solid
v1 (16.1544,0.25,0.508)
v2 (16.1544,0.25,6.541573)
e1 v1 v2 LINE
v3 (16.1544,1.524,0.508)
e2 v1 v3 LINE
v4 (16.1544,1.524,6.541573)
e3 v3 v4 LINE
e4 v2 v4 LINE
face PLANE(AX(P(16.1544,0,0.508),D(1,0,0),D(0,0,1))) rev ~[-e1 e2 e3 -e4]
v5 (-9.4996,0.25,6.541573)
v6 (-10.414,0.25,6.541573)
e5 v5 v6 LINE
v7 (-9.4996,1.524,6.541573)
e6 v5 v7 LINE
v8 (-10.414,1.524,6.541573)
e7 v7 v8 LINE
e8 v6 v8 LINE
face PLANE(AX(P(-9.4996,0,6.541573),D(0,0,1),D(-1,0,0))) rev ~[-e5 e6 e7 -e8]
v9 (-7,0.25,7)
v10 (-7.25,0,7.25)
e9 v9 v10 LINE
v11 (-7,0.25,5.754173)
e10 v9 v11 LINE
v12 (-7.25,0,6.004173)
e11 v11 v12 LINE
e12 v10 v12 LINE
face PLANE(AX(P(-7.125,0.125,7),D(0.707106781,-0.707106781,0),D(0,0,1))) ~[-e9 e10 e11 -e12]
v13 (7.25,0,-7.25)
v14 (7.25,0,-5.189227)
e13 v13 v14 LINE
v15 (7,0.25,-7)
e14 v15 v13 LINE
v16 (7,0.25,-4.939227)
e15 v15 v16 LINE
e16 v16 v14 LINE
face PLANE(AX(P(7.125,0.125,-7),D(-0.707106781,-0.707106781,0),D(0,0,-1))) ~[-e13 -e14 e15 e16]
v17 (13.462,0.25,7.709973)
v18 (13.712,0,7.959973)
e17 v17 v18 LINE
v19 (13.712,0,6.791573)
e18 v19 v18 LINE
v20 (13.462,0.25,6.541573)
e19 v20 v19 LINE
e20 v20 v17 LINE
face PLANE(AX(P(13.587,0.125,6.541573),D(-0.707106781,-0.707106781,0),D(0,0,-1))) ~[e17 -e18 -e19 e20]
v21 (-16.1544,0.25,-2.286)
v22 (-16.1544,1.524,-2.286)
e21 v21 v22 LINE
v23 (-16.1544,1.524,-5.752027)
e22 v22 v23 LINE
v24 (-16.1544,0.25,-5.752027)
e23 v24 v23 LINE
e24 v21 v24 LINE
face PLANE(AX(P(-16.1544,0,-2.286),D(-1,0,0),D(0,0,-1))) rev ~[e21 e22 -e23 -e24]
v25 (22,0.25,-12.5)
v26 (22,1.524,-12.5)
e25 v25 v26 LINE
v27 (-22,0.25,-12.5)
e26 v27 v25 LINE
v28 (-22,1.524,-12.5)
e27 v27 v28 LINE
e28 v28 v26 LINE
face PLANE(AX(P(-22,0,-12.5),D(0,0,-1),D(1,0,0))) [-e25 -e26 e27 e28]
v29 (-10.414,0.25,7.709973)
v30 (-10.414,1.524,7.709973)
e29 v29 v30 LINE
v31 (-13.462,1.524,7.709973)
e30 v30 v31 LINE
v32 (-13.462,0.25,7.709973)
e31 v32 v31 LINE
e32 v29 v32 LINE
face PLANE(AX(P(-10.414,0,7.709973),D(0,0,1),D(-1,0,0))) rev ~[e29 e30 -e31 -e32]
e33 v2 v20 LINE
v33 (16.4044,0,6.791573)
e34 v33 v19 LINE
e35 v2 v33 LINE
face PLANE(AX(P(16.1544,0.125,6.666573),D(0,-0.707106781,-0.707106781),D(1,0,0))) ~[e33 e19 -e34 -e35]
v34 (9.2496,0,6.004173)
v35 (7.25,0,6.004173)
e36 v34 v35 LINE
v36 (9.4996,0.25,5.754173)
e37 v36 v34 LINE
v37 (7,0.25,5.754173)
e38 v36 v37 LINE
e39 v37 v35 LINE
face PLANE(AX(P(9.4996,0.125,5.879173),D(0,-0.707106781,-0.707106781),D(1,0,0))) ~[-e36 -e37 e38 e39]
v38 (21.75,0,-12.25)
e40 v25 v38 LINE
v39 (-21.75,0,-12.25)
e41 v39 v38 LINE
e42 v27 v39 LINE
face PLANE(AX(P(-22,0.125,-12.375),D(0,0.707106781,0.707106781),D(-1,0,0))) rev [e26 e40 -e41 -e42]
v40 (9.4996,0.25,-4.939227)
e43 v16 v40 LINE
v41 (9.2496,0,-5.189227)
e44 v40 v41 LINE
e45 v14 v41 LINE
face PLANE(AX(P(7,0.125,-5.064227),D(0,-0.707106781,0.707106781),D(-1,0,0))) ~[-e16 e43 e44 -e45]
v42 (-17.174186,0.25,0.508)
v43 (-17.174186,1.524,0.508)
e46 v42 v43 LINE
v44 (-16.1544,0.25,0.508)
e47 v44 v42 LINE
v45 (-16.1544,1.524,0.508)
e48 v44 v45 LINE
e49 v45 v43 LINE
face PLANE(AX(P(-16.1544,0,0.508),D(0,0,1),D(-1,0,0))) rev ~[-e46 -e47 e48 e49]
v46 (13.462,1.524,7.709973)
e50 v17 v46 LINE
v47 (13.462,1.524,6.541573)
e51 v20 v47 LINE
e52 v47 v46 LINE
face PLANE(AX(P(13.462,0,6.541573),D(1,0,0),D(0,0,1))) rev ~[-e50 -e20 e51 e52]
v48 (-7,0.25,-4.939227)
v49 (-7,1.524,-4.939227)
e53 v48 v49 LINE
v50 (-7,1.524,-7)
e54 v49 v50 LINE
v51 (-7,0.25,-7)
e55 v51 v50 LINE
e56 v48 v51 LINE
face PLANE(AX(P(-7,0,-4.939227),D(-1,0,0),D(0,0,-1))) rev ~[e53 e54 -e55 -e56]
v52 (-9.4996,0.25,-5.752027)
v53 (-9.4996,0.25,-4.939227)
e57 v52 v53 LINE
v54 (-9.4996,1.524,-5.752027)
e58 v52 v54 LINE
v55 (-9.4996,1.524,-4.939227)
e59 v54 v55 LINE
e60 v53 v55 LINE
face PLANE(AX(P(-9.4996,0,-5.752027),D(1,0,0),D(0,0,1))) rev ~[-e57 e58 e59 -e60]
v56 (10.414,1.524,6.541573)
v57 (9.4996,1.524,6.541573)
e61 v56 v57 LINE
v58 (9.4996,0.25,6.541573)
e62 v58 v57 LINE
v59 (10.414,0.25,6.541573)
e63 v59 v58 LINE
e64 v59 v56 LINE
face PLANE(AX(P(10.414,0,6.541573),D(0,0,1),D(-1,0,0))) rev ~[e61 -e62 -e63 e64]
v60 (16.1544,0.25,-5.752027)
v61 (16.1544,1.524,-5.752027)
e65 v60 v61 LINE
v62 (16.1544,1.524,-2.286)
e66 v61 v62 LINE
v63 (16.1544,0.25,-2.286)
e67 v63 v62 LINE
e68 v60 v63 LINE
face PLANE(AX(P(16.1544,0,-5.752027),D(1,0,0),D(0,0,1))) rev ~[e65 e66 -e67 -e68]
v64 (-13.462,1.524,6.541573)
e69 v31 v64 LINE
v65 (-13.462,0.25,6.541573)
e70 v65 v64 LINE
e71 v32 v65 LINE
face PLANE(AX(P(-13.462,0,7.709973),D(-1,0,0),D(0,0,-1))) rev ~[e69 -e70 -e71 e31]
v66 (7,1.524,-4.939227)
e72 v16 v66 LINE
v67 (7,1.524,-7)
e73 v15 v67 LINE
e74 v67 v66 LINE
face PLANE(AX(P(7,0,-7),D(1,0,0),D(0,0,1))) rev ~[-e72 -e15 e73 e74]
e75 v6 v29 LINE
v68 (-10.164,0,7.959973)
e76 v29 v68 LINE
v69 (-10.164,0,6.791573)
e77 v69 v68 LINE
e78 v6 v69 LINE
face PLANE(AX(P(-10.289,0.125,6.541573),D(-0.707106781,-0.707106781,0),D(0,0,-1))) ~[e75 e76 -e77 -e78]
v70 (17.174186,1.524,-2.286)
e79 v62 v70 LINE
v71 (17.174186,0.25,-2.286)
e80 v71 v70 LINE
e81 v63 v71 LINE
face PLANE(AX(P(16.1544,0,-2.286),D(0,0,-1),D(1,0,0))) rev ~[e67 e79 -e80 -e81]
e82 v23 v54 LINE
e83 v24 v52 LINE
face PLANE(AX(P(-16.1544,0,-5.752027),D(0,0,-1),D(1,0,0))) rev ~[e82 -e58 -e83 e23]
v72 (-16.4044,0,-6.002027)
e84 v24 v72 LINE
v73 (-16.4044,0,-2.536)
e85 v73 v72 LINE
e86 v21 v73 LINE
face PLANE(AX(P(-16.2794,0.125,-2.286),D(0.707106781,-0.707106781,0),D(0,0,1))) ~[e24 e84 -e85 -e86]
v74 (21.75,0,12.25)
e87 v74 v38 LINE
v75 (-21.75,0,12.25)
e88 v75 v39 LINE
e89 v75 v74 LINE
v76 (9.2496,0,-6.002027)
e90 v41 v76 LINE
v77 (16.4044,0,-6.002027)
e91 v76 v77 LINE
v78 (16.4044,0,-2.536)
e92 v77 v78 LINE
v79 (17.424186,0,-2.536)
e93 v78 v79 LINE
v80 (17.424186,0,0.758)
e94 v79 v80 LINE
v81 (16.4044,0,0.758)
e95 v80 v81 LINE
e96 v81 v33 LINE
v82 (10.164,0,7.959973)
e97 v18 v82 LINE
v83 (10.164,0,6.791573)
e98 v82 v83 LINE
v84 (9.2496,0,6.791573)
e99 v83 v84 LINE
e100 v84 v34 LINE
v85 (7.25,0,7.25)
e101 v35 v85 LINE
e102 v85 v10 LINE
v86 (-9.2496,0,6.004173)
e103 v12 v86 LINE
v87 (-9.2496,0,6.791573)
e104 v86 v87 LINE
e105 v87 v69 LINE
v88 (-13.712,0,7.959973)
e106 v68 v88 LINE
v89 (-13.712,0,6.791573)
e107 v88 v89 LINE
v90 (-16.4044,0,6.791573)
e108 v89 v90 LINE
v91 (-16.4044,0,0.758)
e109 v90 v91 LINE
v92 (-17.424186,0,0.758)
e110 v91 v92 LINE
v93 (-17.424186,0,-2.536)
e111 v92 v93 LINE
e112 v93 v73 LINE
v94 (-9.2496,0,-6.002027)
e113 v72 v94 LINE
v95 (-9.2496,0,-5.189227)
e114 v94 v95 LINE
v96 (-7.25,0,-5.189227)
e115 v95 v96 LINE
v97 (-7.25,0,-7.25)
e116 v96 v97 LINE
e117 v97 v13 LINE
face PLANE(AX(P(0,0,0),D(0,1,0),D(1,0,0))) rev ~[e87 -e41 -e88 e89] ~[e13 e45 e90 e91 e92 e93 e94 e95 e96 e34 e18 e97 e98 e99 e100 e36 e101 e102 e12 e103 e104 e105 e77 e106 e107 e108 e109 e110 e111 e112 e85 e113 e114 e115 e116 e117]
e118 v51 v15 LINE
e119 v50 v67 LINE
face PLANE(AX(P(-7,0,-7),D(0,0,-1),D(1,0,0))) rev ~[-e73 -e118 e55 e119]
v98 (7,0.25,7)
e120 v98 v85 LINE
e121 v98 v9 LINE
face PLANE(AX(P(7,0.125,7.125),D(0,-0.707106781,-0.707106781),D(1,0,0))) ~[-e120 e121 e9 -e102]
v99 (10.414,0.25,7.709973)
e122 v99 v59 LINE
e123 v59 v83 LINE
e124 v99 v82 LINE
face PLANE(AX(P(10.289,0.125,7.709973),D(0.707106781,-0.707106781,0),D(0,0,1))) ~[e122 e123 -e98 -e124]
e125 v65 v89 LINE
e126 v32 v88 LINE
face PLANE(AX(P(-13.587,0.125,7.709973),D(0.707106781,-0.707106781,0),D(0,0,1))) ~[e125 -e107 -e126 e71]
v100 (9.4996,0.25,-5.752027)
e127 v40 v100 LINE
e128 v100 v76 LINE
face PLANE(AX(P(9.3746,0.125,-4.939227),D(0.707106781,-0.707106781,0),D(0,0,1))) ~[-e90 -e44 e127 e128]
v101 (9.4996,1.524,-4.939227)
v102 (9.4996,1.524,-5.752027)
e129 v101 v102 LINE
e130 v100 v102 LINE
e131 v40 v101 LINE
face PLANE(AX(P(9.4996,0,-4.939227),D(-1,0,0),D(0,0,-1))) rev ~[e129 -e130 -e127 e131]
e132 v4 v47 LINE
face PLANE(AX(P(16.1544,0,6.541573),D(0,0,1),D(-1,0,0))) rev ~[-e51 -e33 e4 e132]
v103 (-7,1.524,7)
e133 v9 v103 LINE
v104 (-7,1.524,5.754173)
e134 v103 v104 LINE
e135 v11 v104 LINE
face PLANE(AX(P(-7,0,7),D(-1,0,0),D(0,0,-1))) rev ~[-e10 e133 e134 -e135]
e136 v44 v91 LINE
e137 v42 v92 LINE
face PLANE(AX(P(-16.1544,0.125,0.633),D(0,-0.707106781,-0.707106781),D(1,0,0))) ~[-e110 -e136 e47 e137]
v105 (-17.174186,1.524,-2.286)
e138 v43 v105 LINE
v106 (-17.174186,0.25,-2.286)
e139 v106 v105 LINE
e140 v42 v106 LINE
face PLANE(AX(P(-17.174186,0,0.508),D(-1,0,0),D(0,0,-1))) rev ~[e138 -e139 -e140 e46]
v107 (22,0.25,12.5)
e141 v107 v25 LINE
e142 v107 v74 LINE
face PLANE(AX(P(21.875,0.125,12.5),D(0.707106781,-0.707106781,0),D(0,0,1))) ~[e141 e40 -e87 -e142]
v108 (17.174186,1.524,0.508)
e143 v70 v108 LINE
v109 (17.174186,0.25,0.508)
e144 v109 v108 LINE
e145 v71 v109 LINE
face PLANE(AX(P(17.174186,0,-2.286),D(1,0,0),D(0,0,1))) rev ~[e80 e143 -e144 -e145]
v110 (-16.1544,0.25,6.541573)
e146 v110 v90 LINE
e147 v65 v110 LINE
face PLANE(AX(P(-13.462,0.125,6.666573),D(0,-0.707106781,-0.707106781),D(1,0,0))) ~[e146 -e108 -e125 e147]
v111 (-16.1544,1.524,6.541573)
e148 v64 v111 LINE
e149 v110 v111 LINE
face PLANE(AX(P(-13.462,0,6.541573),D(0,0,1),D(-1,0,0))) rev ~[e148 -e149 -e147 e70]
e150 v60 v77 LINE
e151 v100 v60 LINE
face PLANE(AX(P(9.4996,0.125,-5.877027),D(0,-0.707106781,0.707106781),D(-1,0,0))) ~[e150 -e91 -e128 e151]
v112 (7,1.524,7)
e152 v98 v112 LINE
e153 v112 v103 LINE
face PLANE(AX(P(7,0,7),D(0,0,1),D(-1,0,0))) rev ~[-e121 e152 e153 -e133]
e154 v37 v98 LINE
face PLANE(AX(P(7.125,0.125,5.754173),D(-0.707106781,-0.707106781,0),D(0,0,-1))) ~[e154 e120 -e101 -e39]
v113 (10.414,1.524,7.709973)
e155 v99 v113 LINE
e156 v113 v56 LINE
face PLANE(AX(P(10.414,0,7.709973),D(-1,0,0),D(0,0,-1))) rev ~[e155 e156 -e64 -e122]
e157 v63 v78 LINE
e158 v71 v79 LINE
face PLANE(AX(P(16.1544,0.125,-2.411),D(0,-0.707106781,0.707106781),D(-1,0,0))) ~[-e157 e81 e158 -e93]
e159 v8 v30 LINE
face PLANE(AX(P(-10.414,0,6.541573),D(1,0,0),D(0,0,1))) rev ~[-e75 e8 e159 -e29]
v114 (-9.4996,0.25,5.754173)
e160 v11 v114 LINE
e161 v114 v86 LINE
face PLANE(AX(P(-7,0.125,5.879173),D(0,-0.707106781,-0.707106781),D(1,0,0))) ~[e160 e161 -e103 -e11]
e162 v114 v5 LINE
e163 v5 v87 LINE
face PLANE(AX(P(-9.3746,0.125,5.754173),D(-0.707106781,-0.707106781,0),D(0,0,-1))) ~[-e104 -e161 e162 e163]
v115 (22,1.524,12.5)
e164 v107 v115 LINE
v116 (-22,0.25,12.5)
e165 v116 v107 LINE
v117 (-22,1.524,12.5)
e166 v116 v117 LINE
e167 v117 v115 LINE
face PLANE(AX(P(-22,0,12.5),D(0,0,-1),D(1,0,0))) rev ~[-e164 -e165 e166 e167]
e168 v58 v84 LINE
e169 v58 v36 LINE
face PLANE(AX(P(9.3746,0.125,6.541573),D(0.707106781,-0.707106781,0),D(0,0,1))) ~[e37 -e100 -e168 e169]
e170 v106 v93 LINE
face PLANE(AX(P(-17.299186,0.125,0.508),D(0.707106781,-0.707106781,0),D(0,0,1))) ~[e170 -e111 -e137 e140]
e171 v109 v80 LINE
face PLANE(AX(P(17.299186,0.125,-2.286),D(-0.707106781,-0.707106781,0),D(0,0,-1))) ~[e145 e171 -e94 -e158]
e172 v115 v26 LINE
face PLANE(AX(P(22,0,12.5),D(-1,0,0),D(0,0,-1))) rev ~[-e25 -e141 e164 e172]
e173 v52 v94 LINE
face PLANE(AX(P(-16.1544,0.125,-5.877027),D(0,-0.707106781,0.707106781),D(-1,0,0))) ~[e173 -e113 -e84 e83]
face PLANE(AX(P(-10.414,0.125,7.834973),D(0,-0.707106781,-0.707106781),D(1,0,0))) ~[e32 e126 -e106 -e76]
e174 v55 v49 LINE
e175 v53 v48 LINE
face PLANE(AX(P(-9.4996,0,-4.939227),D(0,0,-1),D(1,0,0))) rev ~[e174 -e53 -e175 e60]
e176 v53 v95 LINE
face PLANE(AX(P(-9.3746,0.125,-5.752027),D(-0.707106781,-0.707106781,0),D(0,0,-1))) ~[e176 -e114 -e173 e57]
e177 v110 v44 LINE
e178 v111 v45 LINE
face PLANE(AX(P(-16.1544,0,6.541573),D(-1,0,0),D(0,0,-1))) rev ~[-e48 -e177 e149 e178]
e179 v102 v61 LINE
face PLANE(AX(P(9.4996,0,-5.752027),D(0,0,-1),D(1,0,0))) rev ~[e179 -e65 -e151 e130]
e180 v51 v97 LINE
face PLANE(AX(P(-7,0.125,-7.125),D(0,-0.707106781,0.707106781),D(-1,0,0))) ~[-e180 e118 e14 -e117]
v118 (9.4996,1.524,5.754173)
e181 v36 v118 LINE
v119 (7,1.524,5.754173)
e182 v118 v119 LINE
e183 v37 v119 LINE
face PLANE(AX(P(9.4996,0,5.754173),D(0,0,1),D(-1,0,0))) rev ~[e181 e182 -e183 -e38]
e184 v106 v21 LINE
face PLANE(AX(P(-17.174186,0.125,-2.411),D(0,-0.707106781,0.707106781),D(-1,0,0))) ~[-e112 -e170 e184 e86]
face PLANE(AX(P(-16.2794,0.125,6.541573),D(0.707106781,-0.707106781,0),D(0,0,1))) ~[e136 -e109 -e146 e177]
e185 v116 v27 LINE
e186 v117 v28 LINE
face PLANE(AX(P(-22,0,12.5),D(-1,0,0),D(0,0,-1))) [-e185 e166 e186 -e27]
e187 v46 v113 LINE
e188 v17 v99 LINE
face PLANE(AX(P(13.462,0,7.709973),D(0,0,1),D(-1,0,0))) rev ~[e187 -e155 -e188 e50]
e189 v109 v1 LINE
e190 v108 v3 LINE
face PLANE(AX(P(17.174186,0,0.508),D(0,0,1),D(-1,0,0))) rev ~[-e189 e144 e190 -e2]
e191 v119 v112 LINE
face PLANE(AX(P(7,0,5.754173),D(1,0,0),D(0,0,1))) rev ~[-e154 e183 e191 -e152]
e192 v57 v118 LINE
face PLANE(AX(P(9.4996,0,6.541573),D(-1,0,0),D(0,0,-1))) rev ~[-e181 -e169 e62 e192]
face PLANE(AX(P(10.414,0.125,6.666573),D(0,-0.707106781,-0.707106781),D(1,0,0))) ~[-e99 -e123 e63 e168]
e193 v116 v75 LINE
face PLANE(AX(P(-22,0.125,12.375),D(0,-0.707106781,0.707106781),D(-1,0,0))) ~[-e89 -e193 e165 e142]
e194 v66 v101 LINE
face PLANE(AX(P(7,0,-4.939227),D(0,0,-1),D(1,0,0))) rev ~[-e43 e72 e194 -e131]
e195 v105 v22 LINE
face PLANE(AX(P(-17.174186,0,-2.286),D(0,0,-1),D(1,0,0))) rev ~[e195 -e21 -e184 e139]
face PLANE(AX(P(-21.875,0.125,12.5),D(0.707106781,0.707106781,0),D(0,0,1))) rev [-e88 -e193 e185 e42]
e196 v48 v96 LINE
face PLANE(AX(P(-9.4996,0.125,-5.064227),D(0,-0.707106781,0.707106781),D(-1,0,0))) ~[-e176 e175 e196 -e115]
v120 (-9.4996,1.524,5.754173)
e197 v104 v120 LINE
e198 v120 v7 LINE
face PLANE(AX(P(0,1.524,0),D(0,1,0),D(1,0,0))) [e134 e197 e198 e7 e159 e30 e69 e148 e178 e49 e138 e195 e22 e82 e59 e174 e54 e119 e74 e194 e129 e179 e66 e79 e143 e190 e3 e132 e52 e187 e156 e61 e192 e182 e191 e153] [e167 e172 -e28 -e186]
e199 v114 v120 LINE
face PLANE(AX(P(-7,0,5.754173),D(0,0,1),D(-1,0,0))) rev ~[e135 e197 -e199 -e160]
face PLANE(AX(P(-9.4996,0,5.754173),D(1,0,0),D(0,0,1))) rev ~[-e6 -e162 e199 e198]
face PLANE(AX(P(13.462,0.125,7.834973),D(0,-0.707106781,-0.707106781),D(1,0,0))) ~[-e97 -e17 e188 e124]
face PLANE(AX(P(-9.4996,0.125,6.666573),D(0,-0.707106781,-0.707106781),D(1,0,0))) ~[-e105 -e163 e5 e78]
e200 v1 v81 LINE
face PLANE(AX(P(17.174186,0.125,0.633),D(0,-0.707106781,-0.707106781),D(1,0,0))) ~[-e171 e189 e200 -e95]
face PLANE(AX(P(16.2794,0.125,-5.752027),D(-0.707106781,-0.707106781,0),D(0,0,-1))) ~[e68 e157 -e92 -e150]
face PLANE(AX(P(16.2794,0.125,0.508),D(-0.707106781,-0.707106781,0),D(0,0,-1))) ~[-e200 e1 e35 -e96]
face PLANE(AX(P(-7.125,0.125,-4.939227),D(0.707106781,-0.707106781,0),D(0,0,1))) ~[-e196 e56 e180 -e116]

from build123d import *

# Parameters (mm, degrees)
SKETCH1_W           = 44
SKETCH1_H           = 25
BOSS_EXTRUDE1_DEPTH = 1.524
CHAMFER1_SIZE       = 0.25


with BuildPart() as part:
    # Sketch1 → Boss-Extrude1 (new body)
    with BuildSketch(Plane(origin=(0, 0, 0), x_dir=(1, 0, 0), z_dir=(0, 1, 0))):
        Rectangle(SKETCH1_W, SKETCH1_H)
        Polygon((-9.4996, 4.939226775), (-7, 4.939226775), (-7, 7), (7, 7), (7, 4.939226775), (9.4996, 4.939226775), (9.4996, 5.752026775), (16.1544, 5.752026775), (16.1544, 2.286), (17.174185585, 2.286), (17.174185585, -0.508), (16.1544, -0.508), (16.1544, -6.541573225), (13.462, -6.541573225), (13.462, -7.709973225), (10.414, -7.709973225), (10.414, -6.541573225), (9.4996, -6.541573225), (9.4996, -5.754173225), (7, -5.754173225), (7, -7), (-7, -7), (-7, -5.754173225), (-9.4996, -5.754173225), (-9.4996, -6.541573225), (-10.414, -6.541573225), (-10.414, -7.709973225), (-13.462, -7.709973225), (-13.462, -6.541573225), (-16.1544, -6.541573225), (-16.1544, -0.508), (-17.174185585, -0.508), (-17.174185585, 2.286), (-16.1544, 2.286), (-16.1544, 5.752026775), (-9.4996, 5.752026775), align=None, mode=Mode.SUBTRACT)
    extrude(amount=BOSS_EXTRUDE1_DEPTH)

    # Chamfer1
    chamfer1_edges = [part.edges().sort_by_distance(p)[0] for p in [
        (7, 0, -5.969613387),
        (0, 0, -7),
        (-7, 0, -5.969613387),
        (-8.2498, 0, -4.939226775),
        (-9.4996, 0, -5.345626775),
        (-12.827, 0, -5.752026775),
        (-16.1544, 0, -4.019013387),
        (-16.664292792, 0, -2.286),
        (-17.174185585, 0, -0.889),
        (-16.664292792, 0, 0.508),
        (-16.1544, 0, 3.524786613),
        (-14.8082, 0, 6.541573225),
        (-13.462, 0, 7.125773225),
        (-11.938, 0, 7.709973225),
        (-10.414, 0, 7.125773225),
        (-9.9568, 0, 6.541573225),
        (-9.4996, 0, 6.147873225),
        (-8.2498, 0, 5.754173225),
        (-7, 0, 6.377086613),
        (0, 0, 7),
        (7, 0, 6.377086613),
        (8.2498, 0, 5.754173225),
        (9.4996, 0, 6.147873225),
        (9.9568, 0, 6.541573225),
        (10.414, 0, 7.125773225),
        (11.938, 0, 7.709973225),
        (13.462, 0, 7.125773225),
        (14.8082, 0, 6.541573225),
        (16.1544, 0, 3.524786613),
        (16.664292792, 0, 0.508),
        (17.174185585, 0, -0.889),
        (16.664292792, 0, -2.286),
        (16.1544, 0, -4.019013387),
        (12.827, 0, -5.752026775),
        (9.4996, 0, -5.345626775),
        (8.2498, 0, -4.939226775),
        (0, 0, 12.5),
        (-22, 0, 0),
        (0, 0, -12.5),
        (22, 0, 0),
    ]]
    chamfer(chamfer1_edges, length=CHAMFER1_SIZE)


solid = part.part
